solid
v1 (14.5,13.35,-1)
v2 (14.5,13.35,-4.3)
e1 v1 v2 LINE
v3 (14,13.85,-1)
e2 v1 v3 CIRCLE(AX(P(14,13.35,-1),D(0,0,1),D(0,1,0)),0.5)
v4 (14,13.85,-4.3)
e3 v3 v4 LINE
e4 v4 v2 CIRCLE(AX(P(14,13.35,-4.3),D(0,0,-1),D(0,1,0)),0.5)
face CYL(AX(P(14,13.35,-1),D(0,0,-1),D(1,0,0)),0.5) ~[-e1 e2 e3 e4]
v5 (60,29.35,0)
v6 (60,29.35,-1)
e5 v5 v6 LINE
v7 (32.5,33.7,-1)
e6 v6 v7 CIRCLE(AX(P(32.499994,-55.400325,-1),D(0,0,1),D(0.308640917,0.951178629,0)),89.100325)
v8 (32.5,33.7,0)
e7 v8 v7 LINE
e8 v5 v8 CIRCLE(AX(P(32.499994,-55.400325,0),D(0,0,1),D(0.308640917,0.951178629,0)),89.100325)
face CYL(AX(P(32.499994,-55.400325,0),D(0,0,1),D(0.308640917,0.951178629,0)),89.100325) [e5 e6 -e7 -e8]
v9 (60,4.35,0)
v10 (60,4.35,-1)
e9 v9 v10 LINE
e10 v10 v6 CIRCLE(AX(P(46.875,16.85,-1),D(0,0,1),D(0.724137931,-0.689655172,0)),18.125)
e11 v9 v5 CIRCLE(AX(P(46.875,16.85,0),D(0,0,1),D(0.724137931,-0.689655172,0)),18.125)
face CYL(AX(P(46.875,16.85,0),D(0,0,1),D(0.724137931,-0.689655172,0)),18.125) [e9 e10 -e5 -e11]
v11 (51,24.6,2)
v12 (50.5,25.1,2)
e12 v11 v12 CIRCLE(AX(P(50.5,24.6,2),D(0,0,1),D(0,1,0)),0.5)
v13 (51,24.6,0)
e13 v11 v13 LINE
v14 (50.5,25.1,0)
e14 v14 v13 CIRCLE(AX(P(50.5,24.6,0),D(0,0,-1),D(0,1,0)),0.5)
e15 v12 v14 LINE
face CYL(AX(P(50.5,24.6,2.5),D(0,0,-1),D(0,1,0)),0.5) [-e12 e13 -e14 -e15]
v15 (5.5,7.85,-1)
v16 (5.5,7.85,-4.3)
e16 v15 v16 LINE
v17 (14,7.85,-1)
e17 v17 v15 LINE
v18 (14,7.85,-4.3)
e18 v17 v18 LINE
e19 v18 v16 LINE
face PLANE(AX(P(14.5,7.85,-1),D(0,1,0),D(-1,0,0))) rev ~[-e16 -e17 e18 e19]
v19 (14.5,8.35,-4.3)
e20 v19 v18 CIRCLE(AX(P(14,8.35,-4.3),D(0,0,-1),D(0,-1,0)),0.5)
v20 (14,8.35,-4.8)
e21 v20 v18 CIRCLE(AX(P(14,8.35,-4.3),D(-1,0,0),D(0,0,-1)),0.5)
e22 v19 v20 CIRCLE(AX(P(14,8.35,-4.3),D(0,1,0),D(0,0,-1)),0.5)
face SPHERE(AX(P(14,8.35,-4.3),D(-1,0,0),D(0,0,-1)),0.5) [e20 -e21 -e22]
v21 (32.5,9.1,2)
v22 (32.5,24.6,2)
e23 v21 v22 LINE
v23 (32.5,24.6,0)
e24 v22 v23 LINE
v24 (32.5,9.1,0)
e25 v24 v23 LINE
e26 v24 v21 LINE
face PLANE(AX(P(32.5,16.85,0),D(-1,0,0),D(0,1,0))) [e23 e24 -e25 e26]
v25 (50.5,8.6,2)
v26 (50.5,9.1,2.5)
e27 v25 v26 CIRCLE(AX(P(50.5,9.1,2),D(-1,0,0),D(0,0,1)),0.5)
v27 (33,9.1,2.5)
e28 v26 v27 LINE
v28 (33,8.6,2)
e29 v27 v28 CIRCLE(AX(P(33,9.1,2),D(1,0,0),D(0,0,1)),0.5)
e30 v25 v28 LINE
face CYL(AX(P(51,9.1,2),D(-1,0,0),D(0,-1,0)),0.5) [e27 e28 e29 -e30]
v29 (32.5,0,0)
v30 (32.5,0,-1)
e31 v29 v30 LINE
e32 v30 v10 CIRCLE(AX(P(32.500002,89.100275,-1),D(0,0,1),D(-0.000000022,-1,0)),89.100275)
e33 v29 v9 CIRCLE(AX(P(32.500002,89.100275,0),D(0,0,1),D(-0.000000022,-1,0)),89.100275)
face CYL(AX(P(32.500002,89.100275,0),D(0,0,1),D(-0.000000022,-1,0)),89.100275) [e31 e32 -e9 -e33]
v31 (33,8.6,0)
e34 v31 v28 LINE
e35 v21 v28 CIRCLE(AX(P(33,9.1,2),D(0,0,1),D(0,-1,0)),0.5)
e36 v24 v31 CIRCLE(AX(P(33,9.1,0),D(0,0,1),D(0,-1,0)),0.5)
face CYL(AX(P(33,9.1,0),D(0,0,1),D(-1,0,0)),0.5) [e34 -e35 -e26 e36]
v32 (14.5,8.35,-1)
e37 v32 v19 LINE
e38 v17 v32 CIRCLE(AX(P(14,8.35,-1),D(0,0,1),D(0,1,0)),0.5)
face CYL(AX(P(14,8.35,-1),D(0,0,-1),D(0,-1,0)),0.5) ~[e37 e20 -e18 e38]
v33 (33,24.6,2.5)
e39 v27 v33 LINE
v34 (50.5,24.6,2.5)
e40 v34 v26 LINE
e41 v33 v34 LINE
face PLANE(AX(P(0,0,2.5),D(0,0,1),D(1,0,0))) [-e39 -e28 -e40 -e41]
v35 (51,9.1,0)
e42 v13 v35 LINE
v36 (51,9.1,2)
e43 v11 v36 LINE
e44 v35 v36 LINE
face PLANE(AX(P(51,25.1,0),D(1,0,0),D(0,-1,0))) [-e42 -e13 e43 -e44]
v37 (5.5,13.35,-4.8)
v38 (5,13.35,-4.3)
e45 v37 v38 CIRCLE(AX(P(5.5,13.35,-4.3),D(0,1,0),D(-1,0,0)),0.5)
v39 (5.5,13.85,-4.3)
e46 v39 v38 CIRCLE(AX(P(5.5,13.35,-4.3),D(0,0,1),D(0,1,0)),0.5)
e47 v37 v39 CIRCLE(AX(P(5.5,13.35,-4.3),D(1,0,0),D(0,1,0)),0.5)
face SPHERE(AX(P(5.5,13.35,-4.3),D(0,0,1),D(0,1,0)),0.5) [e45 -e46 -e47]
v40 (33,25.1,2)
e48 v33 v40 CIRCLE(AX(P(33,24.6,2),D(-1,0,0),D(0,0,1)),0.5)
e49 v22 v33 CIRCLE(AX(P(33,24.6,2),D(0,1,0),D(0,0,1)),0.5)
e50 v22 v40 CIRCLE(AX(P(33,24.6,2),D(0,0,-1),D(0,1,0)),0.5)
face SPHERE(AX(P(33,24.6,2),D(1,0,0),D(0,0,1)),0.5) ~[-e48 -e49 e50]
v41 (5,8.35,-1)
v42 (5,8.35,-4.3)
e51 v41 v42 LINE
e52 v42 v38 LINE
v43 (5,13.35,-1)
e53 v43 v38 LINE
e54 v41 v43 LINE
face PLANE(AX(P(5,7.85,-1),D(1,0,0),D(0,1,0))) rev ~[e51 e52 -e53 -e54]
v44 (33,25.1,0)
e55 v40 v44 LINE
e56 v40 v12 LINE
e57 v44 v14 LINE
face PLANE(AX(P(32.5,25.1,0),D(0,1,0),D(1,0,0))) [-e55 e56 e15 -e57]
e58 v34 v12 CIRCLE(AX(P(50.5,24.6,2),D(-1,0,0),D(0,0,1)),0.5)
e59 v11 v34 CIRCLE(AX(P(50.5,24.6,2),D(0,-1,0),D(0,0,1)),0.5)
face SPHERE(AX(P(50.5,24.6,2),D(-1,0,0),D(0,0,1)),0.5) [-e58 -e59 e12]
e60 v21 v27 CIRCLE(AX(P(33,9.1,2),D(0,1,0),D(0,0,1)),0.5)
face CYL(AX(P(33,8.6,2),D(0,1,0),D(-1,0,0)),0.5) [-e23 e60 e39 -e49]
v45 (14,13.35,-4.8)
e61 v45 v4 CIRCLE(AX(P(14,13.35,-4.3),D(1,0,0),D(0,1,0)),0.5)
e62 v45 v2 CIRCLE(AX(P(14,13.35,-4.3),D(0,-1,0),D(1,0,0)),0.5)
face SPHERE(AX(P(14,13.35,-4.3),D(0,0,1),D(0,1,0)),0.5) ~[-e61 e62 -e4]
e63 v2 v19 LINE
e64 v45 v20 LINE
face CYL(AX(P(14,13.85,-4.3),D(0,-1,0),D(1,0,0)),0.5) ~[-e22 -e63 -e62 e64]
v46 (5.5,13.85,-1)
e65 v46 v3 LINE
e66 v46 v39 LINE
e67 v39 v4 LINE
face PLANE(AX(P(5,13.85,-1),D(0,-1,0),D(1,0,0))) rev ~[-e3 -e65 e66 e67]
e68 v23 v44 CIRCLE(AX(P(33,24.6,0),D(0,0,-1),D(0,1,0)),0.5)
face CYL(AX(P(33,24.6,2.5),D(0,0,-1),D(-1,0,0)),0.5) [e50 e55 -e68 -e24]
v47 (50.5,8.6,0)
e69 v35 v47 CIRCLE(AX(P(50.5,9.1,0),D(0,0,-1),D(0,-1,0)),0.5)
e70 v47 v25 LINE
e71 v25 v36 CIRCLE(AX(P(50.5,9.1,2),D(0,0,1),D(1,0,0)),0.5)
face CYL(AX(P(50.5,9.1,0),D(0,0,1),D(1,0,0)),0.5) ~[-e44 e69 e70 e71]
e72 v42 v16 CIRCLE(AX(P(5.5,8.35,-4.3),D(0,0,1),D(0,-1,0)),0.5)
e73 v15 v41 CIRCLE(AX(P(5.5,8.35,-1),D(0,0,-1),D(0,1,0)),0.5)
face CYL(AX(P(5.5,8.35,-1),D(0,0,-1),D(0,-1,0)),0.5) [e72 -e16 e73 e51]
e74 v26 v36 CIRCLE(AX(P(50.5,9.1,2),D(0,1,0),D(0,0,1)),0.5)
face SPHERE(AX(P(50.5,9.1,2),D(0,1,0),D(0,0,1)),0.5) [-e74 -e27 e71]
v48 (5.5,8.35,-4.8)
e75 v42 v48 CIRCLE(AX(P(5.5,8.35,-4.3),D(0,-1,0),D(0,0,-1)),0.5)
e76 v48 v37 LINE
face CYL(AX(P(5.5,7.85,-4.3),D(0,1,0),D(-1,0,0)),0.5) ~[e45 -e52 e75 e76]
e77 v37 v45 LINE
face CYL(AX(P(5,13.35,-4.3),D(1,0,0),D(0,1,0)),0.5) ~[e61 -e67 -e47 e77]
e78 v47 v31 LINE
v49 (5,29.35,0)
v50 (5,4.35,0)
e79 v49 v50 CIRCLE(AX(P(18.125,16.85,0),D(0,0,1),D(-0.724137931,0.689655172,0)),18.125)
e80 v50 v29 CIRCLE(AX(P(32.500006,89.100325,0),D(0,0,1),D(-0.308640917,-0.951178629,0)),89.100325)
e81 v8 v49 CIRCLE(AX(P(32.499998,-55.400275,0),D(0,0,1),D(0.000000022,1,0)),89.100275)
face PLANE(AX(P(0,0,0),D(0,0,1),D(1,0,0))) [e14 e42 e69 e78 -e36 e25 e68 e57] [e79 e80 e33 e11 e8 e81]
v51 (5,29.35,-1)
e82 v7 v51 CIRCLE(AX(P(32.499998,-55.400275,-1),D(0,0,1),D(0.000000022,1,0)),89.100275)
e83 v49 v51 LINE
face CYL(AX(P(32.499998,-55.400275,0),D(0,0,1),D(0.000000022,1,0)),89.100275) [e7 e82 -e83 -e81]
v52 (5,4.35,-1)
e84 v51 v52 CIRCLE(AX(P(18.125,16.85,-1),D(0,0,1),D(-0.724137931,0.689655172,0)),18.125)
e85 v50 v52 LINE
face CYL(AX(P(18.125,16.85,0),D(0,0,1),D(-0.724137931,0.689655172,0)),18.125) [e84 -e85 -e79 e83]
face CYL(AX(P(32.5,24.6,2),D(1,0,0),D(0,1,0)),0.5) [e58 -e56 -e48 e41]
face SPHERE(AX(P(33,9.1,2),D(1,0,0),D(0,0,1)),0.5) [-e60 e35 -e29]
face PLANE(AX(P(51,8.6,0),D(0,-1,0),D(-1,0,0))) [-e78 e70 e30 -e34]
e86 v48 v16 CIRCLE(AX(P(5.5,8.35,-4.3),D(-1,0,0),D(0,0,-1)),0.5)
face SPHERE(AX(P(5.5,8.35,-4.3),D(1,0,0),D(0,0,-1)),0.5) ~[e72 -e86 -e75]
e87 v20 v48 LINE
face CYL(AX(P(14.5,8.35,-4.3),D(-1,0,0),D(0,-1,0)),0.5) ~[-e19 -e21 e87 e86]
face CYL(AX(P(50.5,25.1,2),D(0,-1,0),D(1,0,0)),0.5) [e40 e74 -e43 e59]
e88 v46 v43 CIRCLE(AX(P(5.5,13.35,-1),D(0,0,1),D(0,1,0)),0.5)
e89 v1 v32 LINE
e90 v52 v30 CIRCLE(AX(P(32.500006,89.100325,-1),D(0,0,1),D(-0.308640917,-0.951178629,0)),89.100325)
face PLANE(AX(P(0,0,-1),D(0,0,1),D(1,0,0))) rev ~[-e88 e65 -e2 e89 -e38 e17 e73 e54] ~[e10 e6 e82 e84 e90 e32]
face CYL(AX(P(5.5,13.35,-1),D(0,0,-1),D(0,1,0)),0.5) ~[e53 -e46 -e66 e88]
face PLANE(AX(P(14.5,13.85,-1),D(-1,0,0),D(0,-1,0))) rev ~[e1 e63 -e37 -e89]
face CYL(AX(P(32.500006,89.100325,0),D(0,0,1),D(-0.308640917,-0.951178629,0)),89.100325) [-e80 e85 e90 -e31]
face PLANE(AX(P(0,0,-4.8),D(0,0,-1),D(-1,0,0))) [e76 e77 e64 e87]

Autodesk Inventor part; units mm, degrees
ref_plane "YZ Plane" through (0, 0, 0) normal (1, 0, 0) x (0, 1, 0)
ref_plane "XZ Plane" through (0, 0, 0) normal (0, 1, 0) x (-1, 0, 0)
ref_plane "XY Plane" through (0, 0, 0) normal (0, 0, 1) x (1, 0, 0)
sketch "Boceto1" plane through (0, 0, 0) normal (0, 0, 1) x (1, 0, 0)
  arc A0 (60, 29.35) -> (32.5, 33.7) centre (32.5, -55.4003) ccw
  arc A1 (32.5, 33.7) -> (5, 29.35) centre (32.5, -55.4003) ccw
  arc A2 (32.5, 0) -> (60, 4.35) centre (32.5, 89.1003) ccw
  arc A3 (60, 4.35) -> (60, 29.35) centre (46.875, 16.85) ccw
  arc A4 (5, 4.35) -> (32.5, 0) centre (32.5, 89.1003) ccw
  arc A5 (5, 29.35) -> (5, 4.35) centre (18.125, 16.85) ccw
  line L0 (32.5, 16.85) -> (32.5, 8.6)
  line L1 (32.5, 8.6) -> (32.5, 25.1)
  line L2 (32.5, 25.1) -> (51, 25.1)
  line L3 (51, 25.1) -> (51, 8.6)
  line L4 (51, 8.6) -> (32.5, 8.6)
  line L5 (32.5, 8.6) -> (32.5, 25.1)
  point P0 (0, 0)
  dimension "d6" = 8.25
  dimension "d7" = 16.5
extrude "Extrusión1" add sketch "Boceto1" along normal blind 2.5 and the other way blind 1 contours L1 L2 L3 L4 L0
extrude "Extrusión2" add sketch "Boceto1" against normal blind 1
sketch "Boceto2" plane through (0, 0, -1) normal (0, 0, -1) x (-1, 0, 0)
  arc A0 (-5, 4.35) -> (-5, 29.35) centre (-18.125, 16.85) ccw projected
  line L0 (0, 16.85) -> (-5, 16.85)
  line L1 (-5, 16.85) -> (-5, 13.85)
  line L2 (-5, 13.85) -> (-14.5, 13.85)
  line L3 (-14.5, 13.85) -> (-14.5, 7.85)
  line L4 (-14.5, 7.85) -> (-5, 7.85)
  line L5 (-5, 7.85) -> (-5, 13.85)
  line L6 (-5, 13.85) -> (-14.5, 13.85)
  line L7 (-14.5, 13.85) -> (-14.5, 7.85)
  point P0 (0, 0)
  dimension "d14" = 5
  dimension "d15" = 3
  dimension "d16" = 9.5
  dimension "d18" = 6
extrude "Extrusión3" add sketch "Boceto2" along normal blind 3.8
fillet "Empalme1" radius 0.5 16 edges at (5, 13.85, -2.9) (14.5, 13.85, -2.9) (9.75, 13.85, -4.8) (9.75, 7.85, -4.8) (14.5, 10.85, -4.8) (5, 10.85, -4.8) (41.75, 25.1, 2.5) (51, 16.85, 2.5) (41.75, 8.6, 2.5) (32.5, 16.85, 2.5) (32.5, 25.1, 1.25) (51, 25.1, 1.25) (32.5, 8.6, 1.25) (51, 8.6, 1.25) (5, 7.85, -2.9) (14.5, 7.85, -2.9)
properties part number "Bluetooth"
